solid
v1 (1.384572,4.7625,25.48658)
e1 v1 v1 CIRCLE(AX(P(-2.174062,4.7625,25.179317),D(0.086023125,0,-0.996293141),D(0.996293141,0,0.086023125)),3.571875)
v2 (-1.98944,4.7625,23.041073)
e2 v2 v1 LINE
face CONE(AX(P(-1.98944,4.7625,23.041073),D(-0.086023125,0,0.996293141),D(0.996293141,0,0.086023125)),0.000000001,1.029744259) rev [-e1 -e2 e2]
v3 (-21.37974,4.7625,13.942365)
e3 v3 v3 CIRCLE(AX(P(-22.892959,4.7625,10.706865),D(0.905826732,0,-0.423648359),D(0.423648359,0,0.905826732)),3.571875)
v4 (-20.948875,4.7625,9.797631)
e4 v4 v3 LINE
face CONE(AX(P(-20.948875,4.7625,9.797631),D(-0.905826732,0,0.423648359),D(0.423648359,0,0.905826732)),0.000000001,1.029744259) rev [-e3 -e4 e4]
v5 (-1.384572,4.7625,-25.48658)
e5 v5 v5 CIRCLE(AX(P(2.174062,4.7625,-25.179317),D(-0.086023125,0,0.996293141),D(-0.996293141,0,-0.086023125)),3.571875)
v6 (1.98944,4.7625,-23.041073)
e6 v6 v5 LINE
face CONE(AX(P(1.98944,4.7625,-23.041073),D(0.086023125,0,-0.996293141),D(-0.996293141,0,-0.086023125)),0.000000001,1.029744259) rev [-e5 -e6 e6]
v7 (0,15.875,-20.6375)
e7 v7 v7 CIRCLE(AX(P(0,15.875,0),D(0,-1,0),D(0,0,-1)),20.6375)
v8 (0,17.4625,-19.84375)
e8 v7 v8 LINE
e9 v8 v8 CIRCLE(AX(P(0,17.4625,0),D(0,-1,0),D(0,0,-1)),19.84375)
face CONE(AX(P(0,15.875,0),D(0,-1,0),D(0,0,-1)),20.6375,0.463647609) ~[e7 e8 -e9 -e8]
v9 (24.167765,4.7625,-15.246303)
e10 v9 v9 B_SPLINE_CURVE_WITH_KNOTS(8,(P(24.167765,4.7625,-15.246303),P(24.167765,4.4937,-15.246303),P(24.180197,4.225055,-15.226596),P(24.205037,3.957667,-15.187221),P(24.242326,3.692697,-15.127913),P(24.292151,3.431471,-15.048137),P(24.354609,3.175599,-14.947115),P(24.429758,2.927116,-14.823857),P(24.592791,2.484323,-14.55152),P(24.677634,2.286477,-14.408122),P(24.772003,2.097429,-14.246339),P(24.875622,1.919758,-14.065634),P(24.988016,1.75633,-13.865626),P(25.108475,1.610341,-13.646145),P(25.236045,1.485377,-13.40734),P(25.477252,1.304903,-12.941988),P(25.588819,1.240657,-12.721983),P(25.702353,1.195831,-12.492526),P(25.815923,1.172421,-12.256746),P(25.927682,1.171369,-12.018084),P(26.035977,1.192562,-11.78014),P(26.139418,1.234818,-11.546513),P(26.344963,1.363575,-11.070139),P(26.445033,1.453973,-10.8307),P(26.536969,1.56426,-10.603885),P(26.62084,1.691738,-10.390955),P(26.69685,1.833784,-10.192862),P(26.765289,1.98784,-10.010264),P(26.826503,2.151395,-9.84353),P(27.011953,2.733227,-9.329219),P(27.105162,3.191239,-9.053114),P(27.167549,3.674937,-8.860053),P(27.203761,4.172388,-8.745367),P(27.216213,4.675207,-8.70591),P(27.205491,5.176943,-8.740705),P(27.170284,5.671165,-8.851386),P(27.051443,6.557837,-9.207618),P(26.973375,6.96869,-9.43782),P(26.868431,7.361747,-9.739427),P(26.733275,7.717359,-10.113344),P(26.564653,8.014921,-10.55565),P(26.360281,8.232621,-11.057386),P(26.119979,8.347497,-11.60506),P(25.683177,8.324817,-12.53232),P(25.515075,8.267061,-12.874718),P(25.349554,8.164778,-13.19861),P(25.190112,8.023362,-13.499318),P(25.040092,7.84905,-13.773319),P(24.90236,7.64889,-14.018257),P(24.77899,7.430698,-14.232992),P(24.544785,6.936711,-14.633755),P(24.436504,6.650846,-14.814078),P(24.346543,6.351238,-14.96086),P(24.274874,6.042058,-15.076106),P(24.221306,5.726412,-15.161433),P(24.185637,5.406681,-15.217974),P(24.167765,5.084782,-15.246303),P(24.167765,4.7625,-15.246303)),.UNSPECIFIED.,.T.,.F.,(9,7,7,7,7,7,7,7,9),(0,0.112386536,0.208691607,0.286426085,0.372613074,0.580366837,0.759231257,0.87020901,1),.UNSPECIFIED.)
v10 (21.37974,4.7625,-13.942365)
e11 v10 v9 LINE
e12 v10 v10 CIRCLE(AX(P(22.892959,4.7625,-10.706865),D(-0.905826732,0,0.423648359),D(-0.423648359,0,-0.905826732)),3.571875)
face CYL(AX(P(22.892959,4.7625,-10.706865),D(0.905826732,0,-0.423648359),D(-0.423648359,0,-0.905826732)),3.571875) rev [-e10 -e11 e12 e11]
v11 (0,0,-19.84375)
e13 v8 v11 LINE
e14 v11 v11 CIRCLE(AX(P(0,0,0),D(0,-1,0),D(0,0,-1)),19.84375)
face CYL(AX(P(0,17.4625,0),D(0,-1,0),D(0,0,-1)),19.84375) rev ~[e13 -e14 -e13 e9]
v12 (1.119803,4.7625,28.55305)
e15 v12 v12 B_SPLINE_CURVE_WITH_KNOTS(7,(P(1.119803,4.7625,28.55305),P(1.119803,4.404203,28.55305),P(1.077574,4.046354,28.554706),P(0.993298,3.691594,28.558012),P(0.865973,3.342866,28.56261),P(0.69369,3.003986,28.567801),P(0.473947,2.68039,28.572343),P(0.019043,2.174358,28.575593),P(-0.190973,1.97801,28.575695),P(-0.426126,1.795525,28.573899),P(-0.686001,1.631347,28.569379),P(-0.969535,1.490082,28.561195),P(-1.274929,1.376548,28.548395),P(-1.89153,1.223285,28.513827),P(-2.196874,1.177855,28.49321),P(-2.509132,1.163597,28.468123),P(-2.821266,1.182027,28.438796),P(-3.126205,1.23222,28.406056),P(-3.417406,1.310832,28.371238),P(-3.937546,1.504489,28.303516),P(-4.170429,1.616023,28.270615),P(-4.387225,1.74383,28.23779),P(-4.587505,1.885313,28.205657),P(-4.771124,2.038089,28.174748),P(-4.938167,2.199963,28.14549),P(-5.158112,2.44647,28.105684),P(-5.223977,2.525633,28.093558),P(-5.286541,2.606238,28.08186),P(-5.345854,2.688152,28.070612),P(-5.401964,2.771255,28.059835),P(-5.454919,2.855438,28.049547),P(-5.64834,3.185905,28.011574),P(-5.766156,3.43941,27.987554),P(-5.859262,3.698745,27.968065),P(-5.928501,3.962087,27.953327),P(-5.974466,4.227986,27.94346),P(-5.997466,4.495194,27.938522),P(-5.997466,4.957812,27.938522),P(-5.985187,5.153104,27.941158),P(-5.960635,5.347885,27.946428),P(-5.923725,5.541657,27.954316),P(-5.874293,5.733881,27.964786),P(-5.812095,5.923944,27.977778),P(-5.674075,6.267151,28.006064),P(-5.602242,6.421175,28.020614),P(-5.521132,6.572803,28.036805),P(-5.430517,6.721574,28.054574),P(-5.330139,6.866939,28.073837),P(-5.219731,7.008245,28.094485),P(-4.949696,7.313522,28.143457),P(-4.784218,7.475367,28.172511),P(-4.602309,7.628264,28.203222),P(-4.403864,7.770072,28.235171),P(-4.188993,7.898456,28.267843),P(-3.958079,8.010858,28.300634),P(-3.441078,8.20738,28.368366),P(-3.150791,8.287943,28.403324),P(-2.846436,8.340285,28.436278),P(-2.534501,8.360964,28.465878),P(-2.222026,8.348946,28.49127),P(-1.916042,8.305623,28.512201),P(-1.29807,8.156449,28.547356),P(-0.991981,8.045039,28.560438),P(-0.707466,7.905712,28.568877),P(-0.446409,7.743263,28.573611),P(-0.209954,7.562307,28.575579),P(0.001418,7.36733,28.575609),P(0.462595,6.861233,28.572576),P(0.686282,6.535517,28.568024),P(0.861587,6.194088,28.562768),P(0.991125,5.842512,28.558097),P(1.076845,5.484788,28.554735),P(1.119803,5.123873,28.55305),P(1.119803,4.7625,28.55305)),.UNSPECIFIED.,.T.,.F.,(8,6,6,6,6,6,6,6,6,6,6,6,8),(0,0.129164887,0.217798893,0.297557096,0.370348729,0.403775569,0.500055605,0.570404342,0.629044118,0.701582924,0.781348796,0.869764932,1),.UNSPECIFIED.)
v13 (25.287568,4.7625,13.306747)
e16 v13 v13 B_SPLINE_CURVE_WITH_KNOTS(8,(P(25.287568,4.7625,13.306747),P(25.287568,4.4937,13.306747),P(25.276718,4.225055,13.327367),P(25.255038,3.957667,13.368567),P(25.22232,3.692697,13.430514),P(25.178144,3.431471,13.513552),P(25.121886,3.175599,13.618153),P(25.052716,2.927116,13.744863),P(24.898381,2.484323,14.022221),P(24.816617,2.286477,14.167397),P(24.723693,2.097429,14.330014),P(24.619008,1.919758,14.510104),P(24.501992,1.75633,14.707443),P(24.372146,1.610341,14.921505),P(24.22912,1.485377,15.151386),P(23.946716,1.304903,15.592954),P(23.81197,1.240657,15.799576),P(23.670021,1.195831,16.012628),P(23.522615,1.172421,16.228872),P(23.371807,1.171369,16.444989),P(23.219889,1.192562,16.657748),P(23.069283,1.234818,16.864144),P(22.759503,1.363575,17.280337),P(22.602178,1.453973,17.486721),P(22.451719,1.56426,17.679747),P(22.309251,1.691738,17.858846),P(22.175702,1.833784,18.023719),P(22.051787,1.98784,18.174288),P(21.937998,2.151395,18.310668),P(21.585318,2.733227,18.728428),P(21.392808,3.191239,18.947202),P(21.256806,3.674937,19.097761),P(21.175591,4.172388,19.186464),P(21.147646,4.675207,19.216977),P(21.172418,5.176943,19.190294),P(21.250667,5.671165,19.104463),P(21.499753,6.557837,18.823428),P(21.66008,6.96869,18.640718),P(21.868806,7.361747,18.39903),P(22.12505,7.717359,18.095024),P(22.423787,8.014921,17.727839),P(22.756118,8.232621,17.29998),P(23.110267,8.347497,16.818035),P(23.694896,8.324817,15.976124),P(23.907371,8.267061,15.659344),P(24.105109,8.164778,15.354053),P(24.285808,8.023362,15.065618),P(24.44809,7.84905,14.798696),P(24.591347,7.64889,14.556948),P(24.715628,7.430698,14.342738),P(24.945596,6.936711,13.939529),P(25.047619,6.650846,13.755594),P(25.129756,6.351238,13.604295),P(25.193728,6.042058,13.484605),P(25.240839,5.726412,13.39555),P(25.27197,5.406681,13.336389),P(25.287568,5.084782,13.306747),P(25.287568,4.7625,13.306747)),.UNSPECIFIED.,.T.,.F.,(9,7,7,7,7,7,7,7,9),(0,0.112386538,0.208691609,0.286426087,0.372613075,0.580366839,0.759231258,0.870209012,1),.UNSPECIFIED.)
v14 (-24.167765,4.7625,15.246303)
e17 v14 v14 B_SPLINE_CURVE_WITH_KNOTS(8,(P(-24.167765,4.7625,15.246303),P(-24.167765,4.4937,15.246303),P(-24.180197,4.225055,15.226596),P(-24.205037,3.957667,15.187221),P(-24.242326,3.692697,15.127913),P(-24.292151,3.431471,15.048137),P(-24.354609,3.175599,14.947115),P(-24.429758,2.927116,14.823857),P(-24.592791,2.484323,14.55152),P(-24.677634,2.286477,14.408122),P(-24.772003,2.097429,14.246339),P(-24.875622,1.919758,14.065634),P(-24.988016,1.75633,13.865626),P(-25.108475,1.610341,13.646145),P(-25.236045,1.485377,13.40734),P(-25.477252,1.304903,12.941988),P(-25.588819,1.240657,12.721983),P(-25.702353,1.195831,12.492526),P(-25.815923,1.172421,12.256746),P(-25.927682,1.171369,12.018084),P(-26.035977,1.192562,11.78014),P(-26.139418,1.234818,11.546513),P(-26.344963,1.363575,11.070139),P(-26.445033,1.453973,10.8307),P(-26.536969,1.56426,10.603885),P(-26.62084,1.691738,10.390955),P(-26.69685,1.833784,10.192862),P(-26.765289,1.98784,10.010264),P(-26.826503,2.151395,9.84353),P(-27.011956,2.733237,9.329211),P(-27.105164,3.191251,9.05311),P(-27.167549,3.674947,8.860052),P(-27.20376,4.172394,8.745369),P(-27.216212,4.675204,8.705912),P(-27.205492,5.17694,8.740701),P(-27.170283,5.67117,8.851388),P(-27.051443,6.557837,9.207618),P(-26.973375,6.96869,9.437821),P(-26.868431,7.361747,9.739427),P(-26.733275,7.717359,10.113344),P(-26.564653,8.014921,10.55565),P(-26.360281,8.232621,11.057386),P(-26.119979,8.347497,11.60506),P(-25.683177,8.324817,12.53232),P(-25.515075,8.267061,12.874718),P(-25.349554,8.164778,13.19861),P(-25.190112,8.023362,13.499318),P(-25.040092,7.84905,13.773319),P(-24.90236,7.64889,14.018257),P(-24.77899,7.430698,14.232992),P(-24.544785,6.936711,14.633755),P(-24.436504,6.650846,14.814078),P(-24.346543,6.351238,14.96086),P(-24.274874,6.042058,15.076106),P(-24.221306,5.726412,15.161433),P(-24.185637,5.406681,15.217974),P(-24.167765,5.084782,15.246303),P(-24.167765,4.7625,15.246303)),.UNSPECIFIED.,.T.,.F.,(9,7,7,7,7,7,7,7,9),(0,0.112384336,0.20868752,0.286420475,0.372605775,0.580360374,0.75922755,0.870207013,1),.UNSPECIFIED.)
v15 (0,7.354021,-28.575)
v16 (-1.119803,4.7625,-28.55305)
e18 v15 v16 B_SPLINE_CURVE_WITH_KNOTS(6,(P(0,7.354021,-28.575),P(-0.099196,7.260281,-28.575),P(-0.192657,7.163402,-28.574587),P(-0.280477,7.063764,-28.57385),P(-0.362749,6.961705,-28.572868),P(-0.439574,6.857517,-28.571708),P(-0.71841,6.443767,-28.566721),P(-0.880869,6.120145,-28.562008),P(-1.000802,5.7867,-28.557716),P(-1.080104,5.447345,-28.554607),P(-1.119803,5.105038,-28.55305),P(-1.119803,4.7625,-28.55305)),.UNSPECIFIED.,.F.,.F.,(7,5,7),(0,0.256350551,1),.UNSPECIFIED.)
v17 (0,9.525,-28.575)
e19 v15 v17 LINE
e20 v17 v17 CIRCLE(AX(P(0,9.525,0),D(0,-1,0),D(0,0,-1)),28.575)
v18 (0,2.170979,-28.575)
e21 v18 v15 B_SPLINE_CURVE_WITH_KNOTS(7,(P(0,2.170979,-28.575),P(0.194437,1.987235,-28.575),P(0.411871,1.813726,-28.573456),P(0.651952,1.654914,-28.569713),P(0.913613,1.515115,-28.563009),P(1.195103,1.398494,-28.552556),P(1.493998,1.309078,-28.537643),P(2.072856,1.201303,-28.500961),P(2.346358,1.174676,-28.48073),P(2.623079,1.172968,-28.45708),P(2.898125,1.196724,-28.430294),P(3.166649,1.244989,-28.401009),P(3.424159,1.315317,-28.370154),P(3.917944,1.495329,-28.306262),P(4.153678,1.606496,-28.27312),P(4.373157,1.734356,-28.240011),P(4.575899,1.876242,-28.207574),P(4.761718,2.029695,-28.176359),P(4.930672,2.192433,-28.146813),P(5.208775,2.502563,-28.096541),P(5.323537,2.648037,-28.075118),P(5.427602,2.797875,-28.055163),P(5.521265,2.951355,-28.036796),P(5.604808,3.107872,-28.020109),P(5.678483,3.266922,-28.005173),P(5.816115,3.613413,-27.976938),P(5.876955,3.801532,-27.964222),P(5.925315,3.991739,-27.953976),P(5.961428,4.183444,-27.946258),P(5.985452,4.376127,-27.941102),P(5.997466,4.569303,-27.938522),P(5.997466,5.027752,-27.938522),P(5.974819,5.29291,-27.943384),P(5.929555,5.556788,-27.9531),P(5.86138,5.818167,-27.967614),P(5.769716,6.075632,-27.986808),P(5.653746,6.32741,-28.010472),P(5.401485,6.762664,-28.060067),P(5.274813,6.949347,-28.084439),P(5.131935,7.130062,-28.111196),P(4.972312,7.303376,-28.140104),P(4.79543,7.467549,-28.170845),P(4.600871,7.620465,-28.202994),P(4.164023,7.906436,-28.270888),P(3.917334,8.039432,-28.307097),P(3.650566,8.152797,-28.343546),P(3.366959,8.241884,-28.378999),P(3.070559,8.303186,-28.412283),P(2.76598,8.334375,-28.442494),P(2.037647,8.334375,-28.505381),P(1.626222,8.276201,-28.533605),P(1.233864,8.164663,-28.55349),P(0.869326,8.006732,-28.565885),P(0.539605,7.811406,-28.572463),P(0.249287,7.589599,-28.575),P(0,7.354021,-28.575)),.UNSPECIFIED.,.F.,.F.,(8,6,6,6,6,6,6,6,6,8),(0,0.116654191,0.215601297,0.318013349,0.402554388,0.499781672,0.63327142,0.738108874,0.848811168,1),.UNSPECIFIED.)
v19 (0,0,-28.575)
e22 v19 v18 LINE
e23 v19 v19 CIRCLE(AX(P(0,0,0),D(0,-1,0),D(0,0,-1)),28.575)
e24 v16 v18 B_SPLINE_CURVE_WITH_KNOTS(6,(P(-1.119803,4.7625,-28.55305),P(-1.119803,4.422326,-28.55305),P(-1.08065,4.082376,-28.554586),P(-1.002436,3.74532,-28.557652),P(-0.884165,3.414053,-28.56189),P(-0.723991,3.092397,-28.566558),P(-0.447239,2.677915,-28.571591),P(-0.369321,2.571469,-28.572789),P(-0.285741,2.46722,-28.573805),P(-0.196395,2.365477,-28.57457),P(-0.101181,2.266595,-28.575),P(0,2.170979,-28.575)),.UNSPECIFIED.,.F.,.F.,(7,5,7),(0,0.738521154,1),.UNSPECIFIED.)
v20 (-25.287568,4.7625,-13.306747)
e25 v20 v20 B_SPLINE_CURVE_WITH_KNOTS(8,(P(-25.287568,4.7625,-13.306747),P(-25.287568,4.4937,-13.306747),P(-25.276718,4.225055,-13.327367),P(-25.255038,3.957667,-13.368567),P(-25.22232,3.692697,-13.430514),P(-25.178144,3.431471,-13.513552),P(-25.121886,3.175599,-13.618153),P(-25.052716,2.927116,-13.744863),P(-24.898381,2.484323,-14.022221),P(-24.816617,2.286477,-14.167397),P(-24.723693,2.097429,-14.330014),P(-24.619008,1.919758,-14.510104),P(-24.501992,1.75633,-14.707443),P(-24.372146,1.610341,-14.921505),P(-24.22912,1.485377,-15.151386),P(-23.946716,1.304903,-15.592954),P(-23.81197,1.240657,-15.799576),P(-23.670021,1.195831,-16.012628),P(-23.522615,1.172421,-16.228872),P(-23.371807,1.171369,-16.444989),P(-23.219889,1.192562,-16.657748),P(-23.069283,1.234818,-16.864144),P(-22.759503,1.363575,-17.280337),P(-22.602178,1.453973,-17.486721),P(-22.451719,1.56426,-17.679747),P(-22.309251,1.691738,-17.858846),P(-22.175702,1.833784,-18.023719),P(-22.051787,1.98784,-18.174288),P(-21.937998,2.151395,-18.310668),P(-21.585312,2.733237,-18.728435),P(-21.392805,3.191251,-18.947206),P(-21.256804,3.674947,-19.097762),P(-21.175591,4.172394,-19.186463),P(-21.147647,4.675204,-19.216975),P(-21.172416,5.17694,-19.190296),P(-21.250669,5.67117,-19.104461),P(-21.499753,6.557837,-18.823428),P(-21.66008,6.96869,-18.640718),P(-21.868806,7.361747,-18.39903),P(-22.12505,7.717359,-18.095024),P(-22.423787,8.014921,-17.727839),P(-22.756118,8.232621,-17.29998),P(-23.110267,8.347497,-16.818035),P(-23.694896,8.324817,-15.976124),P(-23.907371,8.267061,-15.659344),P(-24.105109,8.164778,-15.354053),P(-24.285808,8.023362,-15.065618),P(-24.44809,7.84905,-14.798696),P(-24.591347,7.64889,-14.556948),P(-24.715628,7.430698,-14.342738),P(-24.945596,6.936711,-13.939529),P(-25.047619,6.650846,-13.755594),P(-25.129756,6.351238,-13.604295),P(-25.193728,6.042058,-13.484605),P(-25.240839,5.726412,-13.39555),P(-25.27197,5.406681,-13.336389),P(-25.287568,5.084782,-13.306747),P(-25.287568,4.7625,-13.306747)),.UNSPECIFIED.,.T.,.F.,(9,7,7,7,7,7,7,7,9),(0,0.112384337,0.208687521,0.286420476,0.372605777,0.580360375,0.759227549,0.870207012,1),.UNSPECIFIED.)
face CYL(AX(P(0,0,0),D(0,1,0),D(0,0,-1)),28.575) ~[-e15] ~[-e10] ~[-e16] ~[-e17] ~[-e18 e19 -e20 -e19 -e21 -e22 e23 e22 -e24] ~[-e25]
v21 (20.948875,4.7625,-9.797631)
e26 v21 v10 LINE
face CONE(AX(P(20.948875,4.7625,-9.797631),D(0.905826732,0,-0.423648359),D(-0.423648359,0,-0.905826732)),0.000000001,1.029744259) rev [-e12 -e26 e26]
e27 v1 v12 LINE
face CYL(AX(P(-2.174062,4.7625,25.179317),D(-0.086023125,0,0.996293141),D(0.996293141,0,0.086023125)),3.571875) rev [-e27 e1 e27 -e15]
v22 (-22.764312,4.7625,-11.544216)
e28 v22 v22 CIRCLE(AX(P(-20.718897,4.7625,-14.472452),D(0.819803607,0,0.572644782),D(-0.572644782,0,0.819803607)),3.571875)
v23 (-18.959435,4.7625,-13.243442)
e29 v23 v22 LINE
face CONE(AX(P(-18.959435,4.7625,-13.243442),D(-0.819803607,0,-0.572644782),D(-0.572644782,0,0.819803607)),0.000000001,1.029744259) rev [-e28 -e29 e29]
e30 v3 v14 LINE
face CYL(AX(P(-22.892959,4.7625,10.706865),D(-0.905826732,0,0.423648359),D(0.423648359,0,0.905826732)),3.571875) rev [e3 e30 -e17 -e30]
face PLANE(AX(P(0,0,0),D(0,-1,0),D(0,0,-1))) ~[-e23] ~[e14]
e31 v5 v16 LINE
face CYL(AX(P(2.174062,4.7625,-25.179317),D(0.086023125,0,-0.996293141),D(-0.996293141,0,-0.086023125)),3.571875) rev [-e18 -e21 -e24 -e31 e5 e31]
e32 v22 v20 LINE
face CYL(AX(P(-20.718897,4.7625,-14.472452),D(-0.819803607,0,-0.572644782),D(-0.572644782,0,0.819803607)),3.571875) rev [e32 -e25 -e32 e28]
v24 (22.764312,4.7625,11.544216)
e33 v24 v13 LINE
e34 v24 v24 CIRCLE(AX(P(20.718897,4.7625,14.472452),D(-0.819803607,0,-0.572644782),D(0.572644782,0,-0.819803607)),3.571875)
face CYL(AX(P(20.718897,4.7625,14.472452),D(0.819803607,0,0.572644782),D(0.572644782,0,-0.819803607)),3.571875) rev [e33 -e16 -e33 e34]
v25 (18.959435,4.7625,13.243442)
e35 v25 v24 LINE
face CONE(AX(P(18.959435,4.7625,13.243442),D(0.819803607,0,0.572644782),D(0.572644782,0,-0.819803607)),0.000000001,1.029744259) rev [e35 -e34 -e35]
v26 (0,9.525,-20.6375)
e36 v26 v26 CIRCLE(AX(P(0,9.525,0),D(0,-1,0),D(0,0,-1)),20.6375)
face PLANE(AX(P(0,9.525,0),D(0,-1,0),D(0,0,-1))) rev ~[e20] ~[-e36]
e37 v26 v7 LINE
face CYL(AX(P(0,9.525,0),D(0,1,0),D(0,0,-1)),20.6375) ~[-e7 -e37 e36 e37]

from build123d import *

# Parameters (mm, degrees)
CIRPATTERN1_COUNT = 6


with BuildPart() as part:
    # Sketch1 → Revolve1 (revolve)
    with BuildSketch(Plane(origin=(0, 0, 0), x_dir=(0, 0, -1), z_dir=(1, 0, 0))):
        Polygon((19.84375, 0), (28.575, 0), (28.575, 9.525), (20.6375, 9.525), (20.6375, 15.875), (19.84375, 17.4625), align=None)
    revolve(axis=Axis((0, 73.584156028, 0), (0, -1, 0)))

    # Sketch2 → 9/32 (0.28125) Diameter Hole1 (revolve, cut)
    with BuildSketch(Plane(origin=(23.425888069, 4.7625, 16.363324637), x_dir=(0.572644782, 0, -0.819803607), z_dir=(0, 1, 0))):
        Polygon((0, 0), (0, 5.448199024), (3.571875, 3.302), (3.571875, 0), align=None)
    f_9_32_0_28125_diameter_hole1 = revolve(axis=Axis((28.631640973, 4.7625, 19.999619001), (-0.819803607, 0, -0.572644782)), mode=Mode.SUBTRACT)

    # CirPattern1: 9/32 (0.28125) Diameter Hole1 ×6 about axis
    cirpattern1_axis = Axis((0, 73.584156028, 0), (0, 1, 0))
    for i in range(1, CIRPATTERN1_COUNT):
        add(f_9_32_0_28125_diameter_hole1.rotate(cirpattern1_axis, i * 360 / CIRPATTERN1_COUNT), mode=Mode.SUBTRACT)


solid = part.part
